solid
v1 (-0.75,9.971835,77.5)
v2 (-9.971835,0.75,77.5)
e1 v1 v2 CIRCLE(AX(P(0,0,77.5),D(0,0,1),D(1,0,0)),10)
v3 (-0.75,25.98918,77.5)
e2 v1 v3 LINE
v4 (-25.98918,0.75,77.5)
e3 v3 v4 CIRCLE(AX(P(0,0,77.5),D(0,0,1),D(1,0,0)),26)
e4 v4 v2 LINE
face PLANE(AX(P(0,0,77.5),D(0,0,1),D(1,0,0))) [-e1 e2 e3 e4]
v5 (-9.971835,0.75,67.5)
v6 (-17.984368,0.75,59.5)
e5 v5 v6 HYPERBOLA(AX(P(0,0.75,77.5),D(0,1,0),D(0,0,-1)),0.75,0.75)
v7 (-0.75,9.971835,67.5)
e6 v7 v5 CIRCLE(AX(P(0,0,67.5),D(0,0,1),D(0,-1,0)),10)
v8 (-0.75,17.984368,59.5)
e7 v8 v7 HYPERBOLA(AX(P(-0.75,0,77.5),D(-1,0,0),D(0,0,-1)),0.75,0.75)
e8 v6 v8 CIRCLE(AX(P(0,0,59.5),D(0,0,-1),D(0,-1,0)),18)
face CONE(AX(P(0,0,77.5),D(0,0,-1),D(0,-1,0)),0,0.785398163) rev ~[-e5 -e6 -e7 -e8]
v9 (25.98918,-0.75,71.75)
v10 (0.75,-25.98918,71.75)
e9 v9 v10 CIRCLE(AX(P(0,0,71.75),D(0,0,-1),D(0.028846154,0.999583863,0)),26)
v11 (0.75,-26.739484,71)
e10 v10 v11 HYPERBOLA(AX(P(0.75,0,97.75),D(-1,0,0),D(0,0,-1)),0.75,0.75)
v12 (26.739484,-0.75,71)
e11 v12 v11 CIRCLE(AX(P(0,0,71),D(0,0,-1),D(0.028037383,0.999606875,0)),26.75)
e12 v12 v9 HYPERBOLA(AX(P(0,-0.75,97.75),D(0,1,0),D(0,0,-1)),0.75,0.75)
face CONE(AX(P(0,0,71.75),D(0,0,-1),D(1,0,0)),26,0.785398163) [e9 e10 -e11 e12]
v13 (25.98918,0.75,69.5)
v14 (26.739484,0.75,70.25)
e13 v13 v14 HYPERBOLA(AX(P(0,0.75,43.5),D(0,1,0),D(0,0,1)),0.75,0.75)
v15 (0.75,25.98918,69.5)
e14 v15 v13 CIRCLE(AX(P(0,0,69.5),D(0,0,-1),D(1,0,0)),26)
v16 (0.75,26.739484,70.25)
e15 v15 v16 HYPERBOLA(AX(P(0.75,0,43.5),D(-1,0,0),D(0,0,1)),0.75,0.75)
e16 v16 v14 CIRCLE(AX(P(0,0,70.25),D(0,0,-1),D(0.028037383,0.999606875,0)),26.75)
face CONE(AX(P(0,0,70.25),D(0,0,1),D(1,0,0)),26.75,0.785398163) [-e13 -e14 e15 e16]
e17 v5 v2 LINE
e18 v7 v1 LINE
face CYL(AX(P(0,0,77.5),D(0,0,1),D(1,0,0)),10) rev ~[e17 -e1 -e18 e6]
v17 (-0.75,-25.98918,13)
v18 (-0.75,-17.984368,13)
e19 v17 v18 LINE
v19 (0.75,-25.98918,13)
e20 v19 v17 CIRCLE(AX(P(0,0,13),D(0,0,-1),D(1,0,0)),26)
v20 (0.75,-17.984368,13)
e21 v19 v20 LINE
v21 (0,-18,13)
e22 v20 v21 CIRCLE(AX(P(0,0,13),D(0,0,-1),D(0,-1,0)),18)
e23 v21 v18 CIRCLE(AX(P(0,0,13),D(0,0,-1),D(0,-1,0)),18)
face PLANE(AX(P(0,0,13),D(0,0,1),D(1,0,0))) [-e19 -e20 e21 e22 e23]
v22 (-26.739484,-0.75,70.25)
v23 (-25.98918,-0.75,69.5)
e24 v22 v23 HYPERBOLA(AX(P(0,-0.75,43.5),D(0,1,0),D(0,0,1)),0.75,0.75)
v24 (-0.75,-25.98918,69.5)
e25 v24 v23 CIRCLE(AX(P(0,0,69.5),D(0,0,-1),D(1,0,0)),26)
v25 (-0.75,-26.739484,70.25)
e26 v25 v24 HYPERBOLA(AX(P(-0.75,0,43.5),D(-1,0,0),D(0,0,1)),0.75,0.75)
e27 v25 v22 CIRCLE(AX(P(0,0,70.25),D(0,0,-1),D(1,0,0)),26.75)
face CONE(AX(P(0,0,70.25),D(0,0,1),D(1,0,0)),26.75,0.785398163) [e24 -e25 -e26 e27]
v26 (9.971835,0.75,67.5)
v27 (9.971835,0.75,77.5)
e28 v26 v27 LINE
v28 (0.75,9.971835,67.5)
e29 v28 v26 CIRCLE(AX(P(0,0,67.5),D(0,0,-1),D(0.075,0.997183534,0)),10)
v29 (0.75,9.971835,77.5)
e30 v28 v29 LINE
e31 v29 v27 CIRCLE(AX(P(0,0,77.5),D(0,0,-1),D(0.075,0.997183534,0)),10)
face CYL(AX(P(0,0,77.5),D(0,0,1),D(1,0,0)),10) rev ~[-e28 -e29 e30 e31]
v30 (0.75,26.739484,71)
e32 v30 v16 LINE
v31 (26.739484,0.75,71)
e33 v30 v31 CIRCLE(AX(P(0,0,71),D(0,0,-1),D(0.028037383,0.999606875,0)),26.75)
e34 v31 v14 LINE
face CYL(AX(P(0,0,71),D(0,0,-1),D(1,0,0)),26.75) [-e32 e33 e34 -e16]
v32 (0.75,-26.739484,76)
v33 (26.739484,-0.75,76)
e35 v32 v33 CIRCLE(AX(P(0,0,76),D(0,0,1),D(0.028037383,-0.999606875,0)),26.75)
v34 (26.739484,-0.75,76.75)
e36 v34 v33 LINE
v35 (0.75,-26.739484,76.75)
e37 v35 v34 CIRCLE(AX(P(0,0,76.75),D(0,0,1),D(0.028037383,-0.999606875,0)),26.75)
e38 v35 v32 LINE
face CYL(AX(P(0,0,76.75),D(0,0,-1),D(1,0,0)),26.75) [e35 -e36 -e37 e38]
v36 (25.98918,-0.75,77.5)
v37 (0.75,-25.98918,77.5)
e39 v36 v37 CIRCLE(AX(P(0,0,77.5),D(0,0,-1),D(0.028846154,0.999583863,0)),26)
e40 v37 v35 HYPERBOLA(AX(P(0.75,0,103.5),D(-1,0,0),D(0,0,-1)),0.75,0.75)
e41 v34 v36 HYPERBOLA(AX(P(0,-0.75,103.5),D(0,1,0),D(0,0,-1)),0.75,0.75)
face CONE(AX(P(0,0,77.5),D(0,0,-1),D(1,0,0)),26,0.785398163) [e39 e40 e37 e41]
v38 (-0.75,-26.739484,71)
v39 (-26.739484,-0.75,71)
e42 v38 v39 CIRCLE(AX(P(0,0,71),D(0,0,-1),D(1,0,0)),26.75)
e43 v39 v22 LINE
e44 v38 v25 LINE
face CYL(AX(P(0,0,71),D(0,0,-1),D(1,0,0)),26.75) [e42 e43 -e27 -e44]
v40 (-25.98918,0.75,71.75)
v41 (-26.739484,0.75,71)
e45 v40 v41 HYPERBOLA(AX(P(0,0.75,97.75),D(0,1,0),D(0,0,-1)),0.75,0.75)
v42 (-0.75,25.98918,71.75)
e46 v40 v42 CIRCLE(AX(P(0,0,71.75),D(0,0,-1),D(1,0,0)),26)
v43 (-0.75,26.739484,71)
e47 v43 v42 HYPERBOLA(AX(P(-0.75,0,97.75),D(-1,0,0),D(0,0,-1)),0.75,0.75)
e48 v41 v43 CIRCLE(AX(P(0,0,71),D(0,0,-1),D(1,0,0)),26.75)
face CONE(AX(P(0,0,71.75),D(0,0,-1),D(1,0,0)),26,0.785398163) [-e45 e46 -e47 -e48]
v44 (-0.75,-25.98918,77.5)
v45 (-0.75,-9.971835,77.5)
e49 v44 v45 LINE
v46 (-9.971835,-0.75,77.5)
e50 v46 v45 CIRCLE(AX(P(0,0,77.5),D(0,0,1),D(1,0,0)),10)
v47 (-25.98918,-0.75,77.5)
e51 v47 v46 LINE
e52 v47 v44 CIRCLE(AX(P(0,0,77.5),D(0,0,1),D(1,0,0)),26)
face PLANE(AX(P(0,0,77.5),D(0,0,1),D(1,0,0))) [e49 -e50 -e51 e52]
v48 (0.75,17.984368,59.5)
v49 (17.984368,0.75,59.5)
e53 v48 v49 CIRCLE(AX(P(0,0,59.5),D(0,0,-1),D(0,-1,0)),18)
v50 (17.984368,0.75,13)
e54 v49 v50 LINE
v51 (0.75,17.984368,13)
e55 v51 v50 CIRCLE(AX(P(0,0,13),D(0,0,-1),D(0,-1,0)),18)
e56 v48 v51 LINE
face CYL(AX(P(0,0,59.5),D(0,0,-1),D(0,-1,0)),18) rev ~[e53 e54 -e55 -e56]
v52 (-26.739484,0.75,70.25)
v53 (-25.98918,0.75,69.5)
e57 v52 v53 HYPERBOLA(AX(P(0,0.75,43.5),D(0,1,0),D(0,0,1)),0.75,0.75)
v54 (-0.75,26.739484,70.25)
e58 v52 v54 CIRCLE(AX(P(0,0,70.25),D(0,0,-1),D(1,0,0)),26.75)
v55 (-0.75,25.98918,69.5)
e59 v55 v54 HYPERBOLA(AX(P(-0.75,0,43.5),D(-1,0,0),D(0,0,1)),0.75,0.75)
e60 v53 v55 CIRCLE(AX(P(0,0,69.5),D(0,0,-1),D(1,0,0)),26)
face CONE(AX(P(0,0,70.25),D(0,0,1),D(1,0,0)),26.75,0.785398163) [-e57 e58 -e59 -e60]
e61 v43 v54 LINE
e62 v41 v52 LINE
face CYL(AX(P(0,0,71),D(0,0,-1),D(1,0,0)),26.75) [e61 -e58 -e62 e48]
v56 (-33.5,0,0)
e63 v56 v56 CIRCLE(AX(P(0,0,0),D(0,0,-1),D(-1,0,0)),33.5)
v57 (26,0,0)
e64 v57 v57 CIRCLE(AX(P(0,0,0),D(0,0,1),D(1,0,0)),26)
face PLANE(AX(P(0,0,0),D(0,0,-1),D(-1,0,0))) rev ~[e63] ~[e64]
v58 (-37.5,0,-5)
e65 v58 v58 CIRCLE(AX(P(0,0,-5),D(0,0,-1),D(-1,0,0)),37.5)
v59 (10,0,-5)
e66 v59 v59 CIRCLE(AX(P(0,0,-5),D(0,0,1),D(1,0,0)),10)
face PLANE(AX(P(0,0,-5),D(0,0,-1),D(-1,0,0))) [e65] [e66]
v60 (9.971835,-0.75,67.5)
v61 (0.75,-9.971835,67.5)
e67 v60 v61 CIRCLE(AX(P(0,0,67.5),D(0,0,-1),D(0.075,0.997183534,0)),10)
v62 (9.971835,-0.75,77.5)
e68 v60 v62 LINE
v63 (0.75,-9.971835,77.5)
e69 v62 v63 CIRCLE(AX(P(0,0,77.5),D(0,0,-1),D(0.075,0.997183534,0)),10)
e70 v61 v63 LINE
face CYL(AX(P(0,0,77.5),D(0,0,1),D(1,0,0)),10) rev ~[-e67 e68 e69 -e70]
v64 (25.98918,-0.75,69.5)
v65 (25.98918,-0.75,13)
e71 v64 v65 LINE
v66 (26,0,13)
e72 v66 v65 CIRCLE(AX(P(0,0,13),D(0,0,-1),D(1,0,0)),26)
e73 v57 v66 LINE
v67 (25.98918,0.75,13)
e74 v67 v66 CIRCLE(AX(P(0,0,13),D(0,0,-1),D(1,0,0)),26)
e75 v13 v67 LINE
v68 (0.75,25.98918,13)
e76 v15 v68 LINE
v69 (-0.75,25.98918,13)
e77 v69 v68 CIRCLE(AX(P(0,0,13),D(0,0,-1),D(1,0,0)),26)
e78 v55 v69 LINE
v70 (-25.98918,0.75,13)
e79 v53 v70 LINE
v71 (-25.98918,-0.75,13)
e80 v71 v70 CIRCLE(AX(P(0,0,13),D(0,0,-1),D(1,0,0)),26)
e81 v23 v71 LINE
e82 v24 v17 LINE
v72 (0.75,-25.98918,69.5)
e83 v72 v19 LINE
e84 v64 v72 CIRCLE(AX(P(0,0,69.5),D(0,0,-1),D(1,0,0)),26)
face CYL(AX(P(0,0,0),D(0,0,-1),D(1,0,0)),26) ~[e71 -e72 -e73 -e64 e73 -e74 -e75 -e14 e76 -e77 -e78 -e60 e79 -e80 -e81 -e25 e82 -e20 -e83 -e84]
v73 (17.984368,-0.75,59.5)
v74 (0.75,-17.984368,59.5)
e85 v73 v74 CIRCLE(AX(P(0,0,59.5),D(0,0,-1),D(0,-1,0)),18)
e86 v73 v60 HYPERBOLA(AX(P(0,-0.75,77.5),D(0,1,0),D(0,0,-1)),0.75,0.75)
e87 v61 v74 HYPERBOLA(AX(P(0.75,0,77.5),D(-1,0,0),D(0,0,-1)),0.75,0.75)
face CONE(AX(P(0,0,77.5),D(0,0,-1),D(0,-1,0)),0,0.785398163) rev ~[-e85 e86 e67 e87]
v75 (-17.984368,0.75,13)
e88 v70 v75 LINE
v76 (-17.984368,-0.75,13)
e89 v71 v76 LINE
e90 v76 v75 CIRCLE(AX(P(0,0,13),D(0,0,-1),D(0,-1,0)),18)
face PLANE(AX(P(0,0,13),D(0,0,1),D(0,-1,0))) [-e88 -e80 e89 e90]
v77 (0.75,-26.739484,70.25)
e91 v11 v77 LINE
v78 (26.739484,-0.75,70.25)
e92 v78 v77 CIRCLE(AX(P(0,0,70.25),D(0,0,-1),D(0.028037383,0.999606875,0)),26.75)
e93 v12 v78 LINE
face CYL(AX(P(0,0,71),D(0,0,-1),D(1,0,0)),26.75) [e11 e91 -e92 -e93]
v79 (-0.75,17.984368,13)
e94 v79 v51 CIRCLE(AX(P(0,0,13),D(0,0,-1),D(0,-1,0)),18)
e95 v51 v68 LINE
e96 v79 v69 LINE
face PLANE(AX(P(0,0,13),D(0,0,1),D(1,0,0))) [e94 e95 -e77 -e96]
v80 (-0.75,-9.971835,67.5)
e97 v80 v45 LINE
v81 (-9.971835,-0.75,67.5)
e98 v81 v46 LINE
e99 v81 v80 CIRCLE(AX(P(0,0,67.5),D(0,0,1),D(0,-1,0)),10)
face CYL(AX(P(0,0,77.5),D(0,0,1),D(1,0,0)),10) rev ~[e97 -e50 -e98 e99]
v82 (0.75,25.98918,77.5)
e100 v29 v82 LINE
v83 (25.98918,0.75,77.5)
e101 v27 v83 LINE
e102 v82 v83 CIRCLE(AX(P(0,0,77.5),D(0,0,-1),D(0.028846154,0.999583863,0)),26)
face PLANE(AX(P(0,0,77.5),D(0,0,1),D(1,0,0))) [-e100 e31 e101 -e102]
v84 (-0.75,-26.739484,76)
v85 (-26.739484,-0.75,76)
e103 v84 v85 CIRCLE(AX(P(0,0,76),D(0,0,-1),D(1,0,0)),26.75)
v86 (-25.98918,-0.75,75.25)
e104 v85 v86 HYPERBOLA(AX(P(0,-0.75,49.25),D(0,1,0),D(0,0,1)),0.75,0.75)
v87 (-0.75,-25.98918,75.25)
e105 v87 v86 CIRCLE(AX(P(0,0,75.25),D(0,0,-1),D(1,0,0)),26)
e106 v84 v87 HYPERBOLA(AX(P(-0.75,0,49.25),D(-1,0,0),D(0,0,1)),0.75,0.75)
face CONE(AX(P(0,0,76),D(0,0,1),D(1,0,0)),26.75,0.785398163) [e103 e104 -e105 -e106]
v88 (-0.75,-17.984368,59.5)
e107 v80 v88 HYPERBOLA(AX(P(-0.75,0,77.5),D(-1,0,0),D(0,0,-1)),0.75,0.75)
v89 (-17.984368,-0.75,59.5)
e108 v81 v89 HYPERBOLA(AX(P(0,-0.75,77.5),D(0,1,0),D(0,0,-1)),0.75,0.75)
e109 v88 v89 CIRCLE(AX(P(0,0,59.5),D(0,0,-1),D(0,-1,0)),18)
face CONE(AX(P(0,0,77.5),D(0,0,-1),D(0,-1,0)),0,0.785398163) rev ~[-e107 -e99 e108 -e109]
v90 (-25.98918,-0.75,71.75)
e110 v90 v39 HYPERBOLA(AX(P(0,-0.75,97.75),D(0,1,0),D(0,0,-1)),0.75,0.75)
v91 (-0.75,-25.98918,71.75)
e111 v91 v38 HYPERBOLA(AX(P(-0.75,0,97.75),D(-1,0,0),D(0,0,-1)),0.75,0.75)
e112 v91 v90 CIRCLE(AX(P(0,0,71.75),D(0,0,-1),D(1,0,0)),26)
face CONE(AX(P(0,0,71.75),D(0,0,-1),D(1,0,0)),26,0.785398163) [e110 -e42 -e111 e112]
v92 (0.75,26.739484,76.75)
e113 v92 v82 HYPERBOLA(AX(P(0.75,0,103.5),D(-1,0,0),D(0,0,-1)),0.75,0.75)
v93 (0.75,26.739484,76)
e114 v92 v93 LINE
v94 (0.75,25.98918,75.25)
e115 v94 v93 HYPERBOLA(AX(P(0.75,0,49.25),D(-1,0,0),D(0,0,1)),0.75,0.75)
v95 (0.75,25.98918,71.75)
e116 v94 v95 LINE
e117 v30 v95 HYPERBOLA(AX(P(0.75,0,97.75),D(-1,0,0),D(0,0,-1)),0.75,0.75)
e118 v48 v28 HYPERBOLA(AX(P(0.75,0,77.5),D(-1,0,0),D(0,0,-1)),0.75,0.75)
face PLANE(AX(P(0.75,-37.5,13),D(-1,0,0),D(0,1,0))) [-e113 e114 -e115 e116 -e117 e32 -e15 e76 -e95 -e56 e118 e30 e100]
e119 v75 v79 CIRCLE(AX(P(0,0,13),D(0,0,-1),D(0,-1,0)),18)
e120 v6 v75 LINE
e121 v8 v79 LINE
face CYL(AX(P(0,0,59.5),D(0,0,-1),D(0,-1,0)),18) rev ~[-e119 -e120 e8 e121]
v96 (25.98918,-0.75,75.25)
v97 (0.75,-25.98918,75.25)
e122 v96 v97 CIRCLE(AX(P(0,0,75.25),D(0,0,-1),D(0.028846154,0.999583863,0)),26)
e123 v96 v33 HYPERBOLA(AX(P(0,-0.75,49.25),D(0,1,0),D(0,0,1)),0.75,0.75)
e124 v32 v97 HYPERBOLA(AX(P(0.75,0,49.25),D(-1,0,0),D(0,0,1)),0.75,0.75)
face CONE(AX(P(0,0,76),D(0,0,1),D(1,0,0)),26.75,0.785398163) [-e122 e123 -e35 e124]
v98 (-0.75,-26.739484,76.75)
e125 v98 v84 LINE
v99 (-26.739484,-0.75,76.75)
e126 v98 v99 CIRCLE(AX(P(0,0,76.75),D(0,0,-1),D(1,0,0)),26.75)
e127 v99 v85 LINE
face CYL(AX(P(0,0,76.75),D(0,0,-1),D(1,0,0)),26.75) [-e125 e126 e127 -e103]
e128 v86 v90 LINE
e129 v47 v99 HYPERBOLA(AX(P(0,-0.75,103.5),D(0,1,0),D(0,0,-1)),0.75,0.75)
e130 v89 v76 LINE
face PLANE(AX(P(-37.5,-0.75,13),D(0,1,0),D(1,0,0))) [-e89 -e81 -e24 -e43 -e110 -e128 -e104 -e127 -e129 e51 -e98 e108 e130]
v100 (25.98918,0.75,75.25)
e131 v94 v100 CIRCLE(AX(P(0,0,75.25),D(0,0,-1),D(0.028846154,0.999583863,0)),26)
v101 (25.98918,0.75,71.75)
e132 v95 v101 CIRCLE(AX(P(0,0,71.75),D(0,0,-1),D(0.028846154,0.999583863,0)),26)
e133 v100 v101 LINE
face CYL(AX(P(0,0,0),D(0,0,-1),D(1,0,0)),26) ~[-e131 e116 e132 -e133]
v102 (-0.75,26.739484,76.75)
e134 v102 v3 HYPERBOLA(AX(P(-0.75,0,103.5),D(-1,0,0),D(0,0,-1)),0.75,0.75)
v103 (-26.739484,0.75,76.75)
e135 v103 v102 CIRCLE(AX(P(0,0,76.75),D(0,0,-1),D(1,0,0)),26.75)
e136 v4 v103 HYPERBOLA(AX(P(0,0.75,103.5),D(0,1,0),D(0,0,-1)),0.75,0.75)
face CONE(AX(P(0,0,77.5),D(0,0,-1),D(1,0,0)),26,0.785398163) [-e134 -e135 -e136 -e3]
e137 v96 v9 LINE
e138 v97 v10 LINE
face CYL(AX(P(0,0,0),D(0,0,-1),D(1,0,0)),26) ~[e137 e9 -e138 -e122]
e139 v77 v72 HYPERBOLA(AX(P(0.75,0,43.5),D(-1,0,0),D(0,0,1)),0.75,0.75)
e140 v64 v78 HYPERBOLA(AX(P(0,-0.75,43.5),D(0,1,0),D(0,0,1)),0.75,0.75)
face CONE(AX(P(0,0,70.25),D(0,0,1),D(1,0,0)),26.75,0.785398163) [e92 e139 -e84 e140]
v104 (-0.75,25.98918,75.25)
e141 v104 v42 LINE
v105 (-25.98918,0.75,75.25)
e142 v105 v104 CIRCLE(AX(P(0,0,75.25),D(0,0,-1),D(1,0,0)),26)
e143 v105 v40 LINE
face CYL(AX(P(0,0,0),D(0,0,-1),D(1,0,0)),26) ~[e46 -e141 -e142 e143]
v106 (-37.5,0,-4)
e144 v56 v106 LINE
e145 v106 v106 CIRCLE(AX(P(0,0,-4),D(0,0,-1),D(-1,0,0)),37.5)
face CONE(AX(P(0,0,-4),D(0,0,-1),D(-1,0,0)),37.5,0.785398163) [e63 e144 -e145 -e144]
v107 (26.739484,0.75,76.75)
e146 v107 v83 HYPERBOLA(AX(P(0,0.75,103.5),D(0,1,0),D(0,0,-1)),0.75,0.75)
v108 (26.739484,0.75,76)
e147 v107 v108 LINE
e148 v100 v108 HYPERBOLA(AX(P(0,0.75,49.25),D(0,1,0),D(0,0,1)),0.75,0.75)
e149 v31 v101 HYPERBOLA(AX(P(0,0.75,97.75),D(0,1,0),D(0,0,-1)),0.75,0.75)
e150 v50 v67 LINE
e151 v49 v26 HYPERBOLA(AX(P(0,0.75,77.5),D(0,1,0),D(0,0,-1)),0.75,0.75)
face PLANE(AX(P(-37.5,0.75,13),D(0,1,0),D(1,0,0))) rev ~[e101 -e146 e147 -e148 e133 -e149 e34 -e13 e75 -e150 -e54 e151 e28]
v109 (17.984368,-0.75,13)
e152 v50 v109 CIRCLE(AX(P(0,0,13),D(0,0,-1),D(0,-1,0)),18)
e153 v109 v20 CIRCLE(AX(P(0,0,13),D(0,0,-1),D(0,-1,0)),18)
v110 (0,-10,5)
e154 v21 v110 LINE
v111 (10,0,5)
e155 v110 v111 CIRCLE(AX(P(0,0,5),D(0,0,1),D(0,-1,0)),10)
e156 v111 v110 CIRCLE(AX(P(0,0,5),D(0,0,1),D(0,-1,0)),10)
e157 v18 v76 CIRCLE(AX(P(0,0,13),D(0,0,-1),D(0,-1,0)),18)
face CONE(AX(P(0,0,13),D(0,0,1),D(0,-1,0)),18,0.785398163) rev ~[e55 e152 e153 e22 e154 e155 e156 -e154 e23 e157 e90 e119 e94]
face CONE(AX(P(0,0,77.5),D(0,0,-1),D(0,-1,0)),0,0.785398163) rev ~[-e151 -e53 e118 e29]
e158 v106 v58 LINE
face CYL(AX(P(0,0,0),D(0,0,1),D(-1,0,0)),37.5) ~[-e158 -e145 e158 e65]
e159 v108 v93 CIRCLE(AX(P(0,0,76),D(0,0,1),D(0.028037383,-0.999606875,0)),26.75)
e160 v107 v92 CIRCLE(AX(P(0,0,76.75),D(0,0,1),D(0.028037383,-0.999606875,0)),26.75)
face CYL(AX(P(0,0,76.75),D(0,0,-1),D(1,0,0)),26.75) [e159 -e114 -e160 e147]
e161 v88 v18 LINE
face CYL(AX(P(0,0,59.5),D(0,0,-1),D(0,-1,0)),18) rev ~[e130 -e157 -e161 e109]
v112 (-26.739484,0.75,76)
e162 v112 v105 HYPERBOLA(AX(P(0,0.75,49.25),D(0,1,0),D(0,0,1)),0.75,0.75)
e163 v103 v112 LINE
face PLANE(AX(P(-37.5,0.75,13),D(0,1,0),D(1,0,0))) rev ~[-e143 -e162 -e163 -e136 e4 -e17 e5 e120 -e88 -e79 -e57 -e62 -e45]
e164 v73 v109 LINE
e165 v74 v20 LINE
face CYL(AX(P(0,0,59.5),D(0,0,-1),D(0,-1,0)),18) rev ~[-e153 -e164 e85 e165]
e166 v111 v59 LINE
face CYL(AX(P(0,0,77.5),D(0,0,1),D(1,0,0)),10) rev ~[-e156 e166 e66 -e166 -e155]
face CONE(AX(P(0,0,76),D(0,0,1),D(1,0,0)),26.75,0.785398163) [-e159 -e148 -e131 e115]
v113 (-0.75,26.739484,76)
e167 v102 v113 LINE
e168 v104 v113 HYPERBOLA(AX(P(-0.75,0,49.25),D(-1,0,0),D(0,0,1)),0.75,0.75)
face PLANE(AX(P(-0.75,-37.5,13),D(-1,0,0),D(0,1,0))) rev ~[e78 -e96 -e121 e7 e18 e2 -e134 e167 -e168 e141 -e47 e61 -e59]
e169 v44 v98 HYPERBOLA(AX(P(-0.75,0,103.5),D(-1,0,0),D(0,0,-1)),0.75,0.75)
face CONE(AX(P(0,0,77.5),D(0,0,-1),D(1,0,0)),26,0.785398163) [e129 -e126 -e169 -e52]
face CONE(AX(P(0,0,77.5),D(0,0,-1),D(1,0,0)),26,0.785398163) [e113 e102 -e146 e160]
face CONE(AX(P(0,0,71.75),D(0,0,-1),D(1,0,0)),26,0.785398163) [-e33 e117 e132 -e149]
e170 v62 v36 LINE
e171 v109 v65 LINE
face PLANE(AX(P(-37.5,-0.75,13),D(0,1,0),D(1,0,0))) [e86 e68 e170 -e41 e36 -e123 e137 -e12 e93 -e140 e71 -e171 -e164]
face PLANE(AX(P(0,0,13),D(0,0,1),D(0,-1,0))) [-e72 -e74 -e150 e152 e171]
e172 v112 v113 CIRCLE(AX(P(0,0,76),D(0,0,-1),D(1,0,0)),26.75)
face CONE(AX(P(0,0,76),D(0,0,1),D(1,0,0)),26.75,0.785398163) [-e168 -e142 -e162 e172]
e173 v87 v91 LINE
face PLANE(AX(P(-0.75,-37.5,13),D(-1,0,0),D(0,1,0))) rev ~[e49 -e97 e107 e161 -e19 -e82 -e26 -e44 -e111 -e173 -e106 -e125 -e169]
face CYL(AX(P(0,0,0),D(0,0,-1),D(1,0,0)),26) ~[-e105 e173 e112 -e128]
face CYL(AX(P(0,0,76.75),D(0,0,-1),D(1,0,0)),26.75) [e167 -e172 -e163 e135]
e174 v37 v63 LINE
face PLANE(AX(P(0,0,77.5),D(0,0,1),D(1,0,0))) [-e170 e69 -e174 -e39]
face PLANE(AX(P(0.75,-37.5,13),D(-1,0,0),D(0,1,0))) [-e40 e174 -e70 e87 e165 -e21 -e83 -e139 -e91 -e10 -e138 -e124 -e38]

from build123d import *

# Parameters (mm, degrees)
AXLE_BASE_SKETCH_R        = 26
AXLE_DEPTH                = 77.5
GUARD_BASE_R              = 37.5
GUARD_DEPTH               = 5
INNER_AXLE_HOLE_BASE_R    = 10
INNER_AXLE_HOLE_DEPTH     = 83.5
BEND_START                = -64.5
BEND_ROOM_BASE_W          = 1.5
BEND_ROOM_BASE_H          = 75
BEND_ROOM_1_DEPTH         = 64.5
BEND_ROOM_2_COUNT         = 2
BEND_ROOM_2_ANGLE         = 90
EASY_REMOVAL_CHAMFER_SIZE = 4


with BuildPart() as part:
    # Axle base sketch → Axle (new body)
    with BuildSketch(Plane.XY):
        Circle(AXLE_BASE_SKETCH_R)
    extrude(amount=AXLE_DEPTH)

    # Guard base → Guard (add)
    with BuildSketch(Plane(origin=(0, 0, 0), x_dir=(-1, 0, 0), z_dir=(0, 0, -1))):
        Circle(GUARD_BASE_R)
    extrude(amount=GUARD_DEPTH)

    # Inner axle hole base → Inner axle hole (cut, through all)
    with BuildSketch(Plane.XY.offset(77.5)):
        Circle(INNER_AXLE_HOLE_BASE_R)
    extrude(amount=-INNER_AXLE_HOLE_DEPTH, mode=Mode.SUBTRACT)

    # Mate ring base → Mate rings (revolve)
    with BuildSketch(Plane(origin=(0, 0, 0), x_dir=(1, 0, 0), z_dir=(0, 1, 0))):
        Polygon((26, -77.5), (26.75, -76.75), (26.75, -76), (26, -75.25), align=None)
        Polygon((26, -71.75), (26.75, -71), (26.75, -70.25), (26, -69.5), align=None)
    revolve(axis=Axis((0, 0, 0), (0, 0, -1)))

    # Inner mass remove base → Inner mass remove (revolve, cut)
    with BuildSketch(Plane(origin=(0, 0, 0), x_dir=(0, 0, -1), z_dir=(1, 0, 0))):
        Polygon((-77.5, 0), (-59.5, -18), (-13, -18), (5, 0), align=None)
    revolve(axis=Axis((0, 0, 0), (0, 0, -1)), mode=Mode.SUBTRACT)

    # Bend room base → Bend room 1 (cut)
    with BuildSketch(Plane.XY.offset(77.5).offset(BEND_START)):
        Rectangle(BEND_ROOM_BASE_W, BEND_ROOM_BASE_H)
    bend_room_1 = extrude(amount=BEND_ROOM_1_DEPTH, mode=Mode.SUBTRACT)

    # Bend room 2: Bend room 1 ×2 about axis
    bend_room_2_axis = Axis((0, 0, 0), (0, 0, -1))
    for i in range(1, BEND_ROOM_2_COUNT):
        add(bend_room_1.rotate(bend_room_2_axis, i * BEND_ROOM_2_ANGLE / (BEND_ROOM_2_COUNT - 1)), mode=Mode.SUBTRACT)

    # Easy removal chamfer
    easy_removal_chamfer_edges = [part.edges().sort_by_distance(p)[0] for p in [
        (37.5, 0, 0),
    ]]
    chamfer(easy_removal_chamfer_edges, length=EASY_REMOVAL_CHAMFER_SIZE)


solid = part.part
